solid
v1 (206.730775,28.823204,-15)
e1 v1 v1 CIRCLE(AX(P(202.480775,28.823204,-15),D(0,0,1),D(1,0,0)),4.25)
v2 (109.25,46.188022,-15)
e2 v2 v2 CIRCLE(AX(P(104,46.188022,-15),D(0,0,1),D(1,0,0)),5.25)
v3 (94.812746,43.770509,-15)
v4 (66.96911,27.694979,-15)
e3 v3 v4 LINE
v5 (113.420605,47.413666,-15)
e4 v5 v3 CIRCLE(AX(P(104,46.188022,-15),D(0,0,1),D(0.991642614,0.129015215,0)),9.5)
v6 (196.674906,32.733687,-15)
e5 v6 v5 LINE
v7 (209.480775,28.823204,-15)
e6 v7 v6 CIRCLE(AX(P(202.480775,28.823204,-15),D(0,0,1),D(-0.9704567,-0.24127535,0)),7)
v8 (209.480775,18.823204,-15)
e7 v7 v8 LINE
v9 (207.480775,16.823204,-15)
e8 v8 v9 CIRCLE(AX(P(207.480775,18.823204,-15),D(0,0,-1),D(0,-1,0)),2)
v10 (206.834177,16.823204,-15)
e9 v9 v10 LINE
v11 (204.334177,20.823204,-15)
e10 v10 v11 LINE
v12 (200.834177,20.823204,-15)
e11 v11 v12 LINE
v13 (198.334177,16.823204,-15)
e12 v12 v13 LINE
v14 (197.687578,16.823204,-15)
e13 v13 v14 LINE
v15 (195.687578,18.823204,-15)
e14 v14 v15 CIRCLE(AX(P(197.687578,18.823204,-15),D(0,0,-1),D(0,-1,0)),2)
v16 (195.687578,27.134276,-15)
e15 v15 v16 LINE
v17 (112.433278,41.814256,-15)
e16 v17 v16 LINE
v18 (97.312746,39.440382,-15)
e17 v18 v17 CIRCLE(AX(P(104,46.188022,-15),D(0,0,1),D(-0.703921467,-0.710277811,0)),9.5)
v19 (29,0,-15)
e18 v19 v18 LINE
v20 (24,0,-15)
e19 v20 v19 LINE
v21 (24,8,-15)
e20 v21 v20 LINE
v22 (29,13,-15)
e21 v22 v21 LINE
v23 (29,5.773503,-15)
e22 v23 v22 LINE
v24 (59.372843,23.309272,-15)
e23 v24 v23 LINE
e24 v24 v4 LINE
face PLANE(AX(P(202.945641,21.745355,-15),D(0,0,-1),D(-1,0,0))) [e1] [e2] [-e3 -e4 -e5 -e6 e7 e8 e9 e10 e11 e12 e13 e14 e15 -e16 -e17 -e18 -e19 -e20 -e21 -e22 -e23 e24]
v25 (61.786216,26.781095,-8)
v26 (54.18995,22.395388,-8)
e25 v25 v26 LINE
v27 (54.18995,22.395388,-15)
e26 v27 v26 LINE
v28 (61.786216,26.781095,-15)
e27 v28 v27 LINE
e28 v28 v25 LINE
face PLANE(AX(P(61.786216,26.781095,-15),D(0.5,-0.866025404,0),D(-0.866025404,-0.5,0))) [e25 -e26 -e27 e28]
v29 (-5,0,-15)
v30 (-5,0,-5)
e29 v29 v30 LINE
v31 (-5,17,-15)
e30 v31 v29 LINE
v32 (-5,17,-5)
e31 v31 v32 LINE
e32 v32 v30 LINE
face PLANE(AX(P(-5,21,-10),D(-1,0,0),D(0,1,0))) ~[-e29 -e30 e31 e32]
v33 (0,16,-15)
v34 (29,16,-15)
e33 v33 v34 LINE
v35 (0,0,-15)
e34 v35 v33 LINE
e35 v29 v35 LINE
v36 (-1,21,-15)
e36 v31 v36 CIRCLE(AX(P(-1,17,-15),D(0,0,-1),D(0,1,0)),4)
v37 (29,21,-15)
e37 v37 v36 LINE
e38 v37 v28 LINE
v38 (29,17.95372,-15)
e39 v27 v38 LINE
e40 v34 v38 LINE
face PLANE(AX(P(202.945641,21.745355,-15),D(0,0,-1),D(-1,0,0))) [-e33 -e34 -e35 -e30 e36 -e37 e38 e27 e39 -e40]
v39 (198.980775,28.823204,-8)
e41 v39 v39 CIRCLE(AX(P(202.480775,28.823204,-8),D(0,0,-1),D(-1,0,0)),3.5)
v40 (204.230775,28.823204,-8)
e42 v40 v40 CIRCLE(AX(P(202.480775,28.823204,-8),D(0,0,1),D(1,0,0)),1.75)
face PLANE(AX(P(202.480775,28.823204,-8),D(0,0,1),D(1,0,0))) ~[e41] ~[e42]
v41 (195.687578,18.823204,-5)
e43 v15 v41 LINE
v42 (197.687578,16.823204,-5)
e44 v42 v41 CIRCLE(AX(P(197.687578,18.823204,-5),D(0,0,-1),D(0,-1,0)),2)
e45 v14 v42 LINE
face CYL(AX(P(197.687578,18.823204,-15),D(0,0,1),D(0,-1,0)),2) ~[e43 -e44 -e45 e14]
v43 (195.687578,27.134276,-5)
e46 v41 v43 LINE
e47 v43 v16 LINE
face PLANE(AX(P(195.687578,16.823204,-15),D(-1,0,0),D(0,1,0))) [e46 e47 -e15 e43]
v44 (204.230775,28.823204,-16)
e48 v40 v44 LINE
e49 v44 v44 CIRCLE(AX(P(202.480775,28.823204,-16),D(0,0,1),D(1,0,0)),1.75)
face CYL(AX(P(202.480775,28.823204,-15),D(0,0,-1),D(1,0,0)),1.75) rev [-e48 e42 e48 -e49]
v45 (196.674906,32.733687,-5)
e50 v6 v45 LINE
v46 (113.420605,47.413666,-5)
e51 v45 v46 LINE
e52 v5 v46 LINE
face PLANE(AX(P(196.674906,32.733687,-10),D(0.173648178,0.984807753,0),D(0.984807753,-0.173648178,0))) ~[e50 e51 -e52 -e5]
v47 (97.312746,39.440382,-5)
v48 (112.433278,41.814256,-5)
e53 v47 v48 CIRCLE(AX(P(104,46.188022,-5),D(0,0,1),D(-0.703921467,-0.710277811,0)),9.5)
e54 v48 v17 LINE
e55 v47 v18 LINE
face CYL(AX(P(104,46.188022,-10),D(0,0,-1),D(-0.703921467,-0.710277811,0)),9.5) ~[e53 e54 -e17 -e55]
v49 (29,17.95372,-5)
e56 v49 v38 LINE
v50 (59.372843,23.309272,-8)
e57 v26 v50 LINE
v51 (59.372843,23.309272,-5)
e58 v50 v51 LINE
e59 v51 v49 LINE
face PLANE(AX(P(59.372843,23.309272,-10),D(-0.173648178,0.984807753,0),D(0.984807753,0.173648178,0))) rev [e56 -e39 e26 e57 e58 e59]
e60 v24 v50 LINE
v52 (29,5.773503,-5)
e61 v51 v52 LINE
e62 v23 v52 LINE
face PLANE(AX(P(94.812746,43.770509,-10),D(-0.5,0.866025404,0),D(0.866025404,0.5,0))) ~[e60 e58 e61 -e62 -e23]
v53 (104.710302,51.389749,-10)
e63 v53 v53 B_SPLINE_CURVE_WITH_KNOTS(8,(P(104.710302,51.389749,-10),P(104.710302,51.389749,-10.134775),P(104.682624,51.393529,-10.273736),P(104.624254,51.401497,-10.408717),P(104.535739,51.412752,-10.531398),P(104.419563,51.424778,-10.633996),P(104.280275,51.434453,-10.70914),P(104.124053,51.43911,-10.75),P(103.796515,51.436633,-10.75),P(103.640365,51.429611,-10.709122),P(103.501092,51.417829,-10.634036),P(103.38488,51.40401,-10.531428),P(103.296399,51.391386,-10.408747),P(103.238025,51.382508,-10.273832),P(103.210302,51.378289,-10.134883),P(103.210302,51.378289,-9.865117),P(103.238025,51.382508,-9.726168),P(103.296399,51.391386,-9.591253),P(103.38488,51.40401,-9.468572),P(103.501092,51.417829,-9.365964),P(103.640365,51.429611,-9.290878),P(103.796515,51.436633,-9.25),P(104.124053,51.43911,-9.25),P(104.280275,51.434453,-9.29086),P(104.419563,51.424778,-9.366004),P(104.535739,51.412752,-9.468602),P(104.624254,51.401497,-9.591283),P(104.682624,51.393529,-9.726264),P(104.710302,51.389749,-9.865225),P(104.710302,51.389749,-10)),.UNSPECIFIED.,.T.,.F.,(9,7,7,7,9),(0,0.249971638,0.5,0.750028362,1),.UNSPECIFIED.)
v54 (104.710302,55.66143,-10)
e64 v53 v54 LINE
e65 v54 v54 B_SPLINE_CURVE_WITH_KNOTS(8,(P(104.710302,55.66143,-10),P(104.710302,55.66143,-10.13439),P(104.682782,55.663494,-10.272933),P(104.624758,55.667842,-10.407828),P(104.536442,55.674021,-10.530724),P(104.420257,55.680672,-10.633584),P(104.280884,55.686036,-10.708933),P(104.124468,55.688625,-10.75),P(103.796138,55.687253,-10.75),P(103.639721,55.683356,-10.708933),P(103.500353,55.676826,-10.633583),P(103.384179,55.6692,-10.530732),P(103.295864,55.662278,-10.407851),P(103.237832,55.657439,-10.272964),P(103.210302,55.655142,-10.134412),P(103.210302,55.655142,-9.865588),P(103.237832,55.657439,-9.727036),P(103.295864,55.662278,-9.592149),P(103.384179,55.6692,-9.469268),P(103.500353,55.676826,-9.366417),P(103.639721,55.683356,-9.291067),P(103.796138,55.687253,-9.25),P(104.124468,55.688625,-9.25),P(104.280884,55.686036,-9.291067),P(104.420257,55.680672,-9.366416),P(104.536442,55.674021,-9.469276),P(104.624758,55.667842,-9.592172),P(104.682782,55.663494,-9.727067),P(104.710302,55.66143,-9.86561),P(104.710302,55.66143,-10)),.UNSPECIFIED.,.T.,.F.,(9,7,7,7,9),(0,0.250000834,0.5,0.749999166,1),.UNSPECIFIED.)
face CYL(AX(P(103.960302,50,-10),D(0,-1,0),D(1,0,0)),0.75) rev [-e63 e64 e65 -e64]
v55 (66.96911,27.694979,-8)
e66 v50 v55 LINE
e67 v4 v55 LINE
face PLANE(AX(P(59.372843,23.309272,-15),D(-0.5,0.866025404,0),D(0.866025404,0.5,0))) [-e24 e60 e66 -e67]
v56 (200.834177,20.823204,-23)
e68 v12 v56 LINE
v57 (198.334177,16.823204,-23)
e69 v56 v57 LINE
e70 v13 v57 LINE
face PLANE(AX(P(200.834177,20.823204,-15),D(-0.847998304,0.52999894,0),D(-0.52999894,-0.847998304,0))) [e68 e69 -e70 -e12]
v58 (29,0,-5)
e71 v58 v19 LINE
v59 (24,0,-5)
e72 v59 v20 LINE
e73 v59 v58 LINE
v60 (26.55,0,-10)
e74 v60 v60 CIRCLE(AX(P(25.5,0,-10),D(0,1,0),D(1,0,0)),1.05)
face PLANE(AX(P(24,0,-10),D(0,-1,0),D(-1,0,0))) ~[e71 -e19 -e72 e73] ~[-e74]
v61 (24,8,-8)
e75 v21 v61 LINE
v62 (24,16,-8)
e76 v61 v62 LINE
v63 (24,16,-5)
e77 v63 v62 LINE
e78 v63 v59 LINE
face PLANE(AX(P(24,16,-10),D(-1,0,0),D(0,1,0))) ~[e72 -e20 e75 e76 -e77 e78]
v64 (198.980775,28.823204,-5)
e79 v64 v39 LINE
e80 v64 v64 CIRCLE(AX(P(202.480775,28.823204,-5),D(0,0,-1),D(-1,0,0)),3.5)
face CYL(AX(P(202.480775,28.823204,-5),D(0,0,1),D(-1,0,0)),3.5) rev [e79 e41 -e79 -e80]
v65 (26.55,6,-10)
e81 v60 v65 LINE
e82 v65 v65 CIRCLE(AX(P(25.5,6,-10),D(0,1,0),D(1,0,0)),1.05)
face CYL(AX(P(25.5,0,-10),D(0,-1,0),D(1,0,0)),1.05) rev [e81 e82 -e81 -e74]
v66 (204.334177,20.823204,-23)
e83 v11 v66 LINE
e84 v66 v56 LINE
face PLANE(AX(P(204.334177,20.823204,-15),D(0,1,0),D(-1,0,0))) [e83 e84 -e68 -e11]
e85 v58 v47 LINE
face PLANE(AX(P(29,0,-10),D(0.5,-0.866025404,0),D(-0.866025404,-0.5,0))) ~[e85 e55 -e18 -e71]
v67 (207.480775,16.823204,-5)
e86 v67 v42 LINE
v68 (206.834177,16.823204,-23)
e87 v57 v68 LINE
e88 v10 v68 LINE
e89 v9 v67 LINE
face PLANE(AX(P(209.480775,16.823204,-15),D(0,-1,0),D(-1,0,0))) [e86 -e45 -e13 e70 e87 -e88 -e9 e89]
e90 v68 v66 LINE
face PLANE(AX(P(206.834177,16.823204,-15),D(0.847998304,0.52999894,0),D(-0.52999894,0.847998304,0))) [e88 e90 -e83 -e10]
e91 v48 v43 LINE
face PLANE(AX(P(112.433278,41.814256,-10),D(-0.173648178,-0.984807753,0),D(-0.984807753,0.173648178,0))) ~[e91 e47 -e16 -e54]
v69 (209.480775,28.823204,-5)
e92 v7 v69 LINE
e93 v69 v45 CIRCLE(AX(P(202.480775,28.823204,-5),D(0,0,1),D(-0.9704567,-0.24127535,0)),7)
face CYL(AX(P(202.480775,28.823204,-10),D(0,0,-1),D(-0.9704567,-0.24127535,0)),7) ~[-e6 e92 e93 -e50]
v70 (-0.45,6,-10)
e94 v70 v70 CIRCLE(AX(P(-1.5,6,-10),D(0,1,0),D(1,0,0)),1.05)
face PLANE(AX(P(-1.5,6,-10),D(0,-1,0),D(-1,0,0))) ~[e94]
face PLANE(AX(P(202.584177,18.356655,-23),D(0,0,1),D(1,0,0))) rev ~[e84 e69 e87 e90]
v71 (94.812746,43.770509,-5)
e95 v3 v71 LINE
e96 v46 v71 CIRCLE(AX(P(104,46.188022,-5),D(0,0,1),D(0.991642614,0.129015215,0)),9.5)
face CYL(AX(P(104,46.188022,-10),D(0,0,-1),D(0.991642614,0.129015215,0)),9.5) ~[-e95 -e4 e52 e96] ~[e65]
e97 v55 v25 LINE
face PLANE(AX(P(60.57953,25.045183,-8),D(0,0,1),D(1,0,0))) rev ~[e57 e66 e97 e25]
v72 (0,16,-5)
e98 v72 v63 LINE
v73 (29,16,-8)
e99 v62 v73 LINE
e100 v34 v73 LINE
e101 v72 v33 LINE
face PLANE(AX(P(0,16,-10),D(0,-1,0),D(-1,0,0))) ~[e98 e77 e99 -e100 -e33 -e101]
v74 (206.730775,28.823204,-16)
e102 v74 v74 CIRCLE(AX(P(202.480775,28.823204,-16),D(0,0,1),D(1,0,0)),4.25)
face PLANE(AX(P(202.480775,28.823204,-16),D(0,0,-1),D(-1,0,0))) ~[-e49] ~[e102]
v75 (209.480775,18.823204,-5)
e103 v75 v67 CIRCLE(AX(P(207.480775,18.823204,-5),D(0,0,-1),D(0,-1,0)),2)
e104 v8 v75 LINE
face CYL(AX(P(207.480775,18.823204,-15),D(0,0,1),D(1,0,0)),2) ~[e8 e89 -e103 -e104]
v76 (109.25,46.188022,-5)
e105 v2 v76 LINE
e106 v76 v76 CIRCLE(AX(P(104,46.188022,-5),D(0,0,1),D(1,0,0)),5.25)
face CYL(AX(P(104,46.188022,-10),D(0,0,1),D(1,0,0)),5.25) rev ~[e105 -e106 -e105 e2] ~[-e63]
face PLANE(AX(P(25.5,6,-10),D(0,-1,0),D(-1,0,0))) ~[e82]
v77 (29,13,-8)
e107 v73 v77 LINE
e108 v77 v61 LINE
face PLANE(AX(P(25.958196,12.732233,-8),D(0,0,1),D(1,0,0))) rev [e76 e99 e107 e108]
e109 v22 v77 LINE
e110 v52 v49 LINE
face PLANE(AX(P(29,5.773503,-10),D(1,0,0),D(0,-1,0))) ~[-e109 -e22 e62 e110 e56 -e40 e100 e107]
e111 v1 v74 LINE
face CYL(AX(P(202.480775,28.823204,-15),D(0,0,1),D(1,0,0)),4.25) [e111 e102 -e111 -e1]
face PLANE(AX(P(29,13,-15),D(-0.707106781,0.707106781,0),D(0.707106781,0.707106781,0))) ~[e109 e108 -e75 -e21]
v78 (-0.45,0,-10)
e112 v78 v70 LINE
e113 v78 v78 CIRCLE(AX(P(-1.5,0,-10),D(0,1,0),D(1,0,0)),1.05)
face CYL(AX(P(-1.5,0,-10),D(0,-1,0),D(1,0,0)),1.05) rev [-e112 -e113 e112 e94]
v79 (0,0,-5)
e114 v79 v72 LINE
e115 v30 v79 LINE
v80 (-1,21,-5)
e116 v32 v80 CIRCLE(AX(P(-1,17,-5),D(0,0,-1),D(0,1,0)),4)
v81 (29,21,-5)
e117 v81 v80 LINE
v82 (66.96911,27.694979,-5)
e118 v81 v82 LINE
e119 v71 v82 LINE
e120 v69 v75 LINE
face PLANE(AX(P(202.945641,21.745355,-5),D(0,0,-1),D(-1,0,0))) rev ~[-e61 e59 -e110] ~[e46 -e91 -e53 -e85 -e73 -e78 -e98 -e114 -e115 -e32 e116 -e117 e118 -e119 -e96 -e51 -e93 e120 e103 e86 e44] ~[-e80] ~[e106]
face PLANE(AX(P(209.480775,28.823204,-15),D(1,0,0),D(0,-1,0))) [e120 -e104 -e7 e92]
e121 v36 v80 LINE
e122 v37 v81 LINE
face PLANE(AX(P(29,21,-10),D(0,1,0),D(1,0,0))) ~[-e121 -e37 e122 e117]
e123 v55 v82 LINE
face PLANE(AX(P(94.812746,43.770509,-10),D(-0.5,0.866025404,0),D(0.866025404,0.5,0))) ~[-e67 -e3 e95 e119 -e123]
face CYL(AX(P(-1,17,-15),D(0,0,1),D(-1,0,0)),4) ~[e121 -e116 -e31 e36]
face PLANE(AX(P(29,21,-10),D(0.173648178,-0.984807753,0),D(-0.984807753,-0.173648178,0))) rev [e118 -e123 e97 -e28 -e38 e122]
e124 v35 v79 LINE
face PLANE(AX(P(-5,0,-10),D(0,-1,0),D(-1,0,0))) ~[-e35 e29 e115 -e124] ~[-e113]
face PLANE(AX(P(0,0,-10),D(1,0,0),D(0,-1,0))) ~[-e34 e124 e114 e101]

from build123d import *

# Parameters (mm, degrees)
SKICA1_R                 = 5.25
P_IDAT_VYSUNUT_M1_DEPTH  = 5
ZAOBLIT1_R               = 4
P_IDAT_VYSUNUT_M3_DEPTH  = 5
SKICA5_R                 = 4.25
SKICA5_R_2               = 1.75
P_IDAT_VYSUNUT_M4_DEPTH  = 1
SKICA8_R                 = 1.05
ODEBRAT_VYSUNUT_M3_DEPTH = 6
ODEBRAT_VYSUNUT_M4_DEPTH = 7
SKICA2_R                 = 1.75
ODEBRAT_VYSUNUT_M5_DEPTH = 10
SKICA10_R                = 3.5
ODEBRAT_VYSUNUT_M6_DEPTH = 3
ODEBRAT_START            = 50
SKICA11_R                = 0.75
ODEBRAT_VYSUNUT_M7_DEPTH = 10
P_IDAT_VYSUNUT_M5_DEPTH  = 10
P_IDAT_VYSUNUT_M6_DEPTH  = 8
ZAOBLIT2_R               = 2
ODEBRAT_VYSUNUT_M8_DEPTH = 7


with BuildPart() as part:
    # Skica1 → Přidat vysunutím1 (new body, symmetric)
    with BuildSketch(Plane.XY):
        with BuildLine():
            Line((0, 0), (0, 16))
            Line((0, 16), (24, 16))
            Line((24, 16), (24, 0))
            Line((24, 0), (29, 0))
            Line((29, 0), (97.312746067, 39.440382331))
            ThreePointArc((97.312746067, 39.440382331), (105.473420704, 36.802978572), (112.433277726, 41.81425579))
            Line((112.433277726, 41.81425579), (195.687578405, 27.134276321))
            ThreePointArc((195.687578405, 27.134276321), (209.374429572, 27.607666525), (196.674905514, 32.733686604))
            Line((196.674905514, 32.733686604), (113.420604835, 47.413666074))
            ThreePointArc((113.420604835, 47.413666074), (102.174688824, 55.511016714), (94.812746067, 43.77050935))
            Line((94.812746067, 43.77050935), (29, 5.773502692))
            Line((29, 5.773502692), (29, 21))
            Line((29, 21), (-5, 21))
            Line((-5, 21), (-5, 0))
            Line((-5, 0), (0, 0))
        make_face()
        with Locations((104, 46.188021535)):
            Circle(SKICA1_R, mode=Mode.SUBTRACT)
    extrude(amount=P_IDAT_VYSUNUT_M1_DEPTH, both=True)

    # Zaoblit1
    zaoblit1_edges = [part.edges().sort_by_distance(p)[0] for p in [
        (-5, 21, 0),
    ]]
    fillet(zaoblit1_edges, radius=ZAOBLIT1_R)

    # Skica4 → Přidat vysunutím3 (add, symmetric)
    with BuildSketch(Plane.XY):
        Polygon((29, 21), (66.969109888, 27.694978507), (59.37284323, 23.309271907), (29, 17.953720164), align=None)
    extrude(amount=P_IDAT_VYSUNUT_M3_DEPTH, both=True)

    # Skica5 → Přidat vysunutím4 (add)
    with BuildSketch(Plane.XY.offset(5)):
        with Locations((202.480775301, 28.823203768)):
            Circle(SKICA5_R)
        with Locations((202.480775301, 28.823203768)):
            Circle(SKICA5_R_2, mode=Mode.SUBTRACT)
    extrude(amount=P_IDAT_VYSUNUT_M4_DEPTH)

    # Skica8 → Odebrat vysunutím3 (cut)
    with BuildSketch(Plane.XZ):
        with Locations((-1.5, 0)):
            Circle(SKICA8_R)
        with Locations((25.5, 0)):
            Circle(SKICA8_R)
    extrude(amount=-ODEBRAT_VYSUNUT_M3_DEPTH, mode=Mode.SUBTRACT)

    # Skica9 → Odebrat vysunutím4 (cut)
    with BuildSketch(Plane.XY.offset(5)):
        Polygon((24, 16), (29, 16), (29, 13), (24, 8), align=None)
    extrude(amount=-ODEBRAT_VYSUNUT_M4_DEPTH, mode=Mode.SUBTRACT)

    # Skica2 → Odebrat vysunutím5 (cut)
    with BuildSketch(Plane.XY.offset(5)):
        with Locations((202.480775301, 28.823203768)):
            Circle(SKICA2_R)
    extrude(amount=-ODEBRAT_VYSUNUT_M5_DEPTH, mode=Mode.SUBTRACT)

    # Skica10 → Odebrat vysunutím6 (cut)
    with BuildSketch(Plane(origin=(0, 0, -5), x_dir=(-1, 0, 0), z_dir=(0, 0, -1))):
        with Locations((-202.480775301, 28.823203768)):
            Circle(SKICA10_R)
    extrude(amount=-ODEBRAT_VYSUNUT_M6_DEPTH, mode=Mode.SUBTRACT)


with BuildPart() as body_2:
    # Zrcadlit1: mirrored copy
    add(part.part.mirror(Plane(origin=(93.65445241, 28.310869093, -5), x_dir=(1, 0, 0), z_dir=(0, 0, -1))))

    # Skica11 → Odebrat vysunutím7 (cut)
    with BuildSketch(Plane(origin=(0, 0, 0), x_dir=(1, 0, 0), z_dir=(0, 1, 0)).offset(ODEBRAT_START)):
        with Locations((103.960302418, 10)):
            Circle(SKICA11_R)
    extrude(amount=ODEBRAT_VYSUNUT_M7_DEPTH, mode=Mode.SUBTRACT)

    # Skica12 → Přidat vysunutím5 (add)
    with BuildSketch(Plane(origin=(0, 0, -15), x_dir=(-1, 0, 0), z_dir=(0, 0, -1))):
        with BuildLine():
            Line((-209.480775301, 28.823203768), (-209.480775301, 16.823203768))
            Line((-209.480775301, 16.823203768), (-195.687578405, 16.823203768))
            Line((-195.687578405, 16.823203768), (-195.687578405, 27.134276321))
            ThreePointArc((-195.687578405, 27.134276321), (-203.331546047, 21.875096894), (-209.480775301, 28.823203768))
        make_face()
    extrude(amount=-P_IDAT_VYSUNUT_M5_DEPTH)

    # Skica13 → Přidat vysunutím6 (add)
    with BuildSketch(Plane(origin=(0, 0, -15), x_dir=(-1, 0, 0), z_dir=(0, 0, -1))):
        Polygon((-204.334176853, 20.823203768), (-200.834176853, 20.823203768), (-198.334176853, 16.823203768), (-206.834176853, 16.823203768), align=None)
    extrude(amount=P_IDAT_VYSUNUT_M6_DEPTH)

    # Zaoblit2
    zaoblit2_edges = [body_2.edges().sort_by_distance(p)[0] for p in [
        (195.687578405, 16.823203768, -10),
        (209.480775301, 16.823203768, -10),
    ]]
    fillet(zaoblit2_edges, radius=ZAOBLIT2_R)

    # Skica14 → Odebrat vysunutím8 (cut)
    with BuildSketch(Plane(origin=(0, 0, -15), x_dir=(-1, 0, 0), z_dir=(0, 0, -1))):
        Polygon((-59.37284323, 23.309271907), (-66.969109888, 27.694978507), (-61.786216453, 26.781094556), (-54.189949795, 22.395387956), align=None)
    extrude(amount=-ODEBRAT_VYSUNUT_M8_DEPTH, mode=Mode.SUBTRACT)


solid = body_2.part
